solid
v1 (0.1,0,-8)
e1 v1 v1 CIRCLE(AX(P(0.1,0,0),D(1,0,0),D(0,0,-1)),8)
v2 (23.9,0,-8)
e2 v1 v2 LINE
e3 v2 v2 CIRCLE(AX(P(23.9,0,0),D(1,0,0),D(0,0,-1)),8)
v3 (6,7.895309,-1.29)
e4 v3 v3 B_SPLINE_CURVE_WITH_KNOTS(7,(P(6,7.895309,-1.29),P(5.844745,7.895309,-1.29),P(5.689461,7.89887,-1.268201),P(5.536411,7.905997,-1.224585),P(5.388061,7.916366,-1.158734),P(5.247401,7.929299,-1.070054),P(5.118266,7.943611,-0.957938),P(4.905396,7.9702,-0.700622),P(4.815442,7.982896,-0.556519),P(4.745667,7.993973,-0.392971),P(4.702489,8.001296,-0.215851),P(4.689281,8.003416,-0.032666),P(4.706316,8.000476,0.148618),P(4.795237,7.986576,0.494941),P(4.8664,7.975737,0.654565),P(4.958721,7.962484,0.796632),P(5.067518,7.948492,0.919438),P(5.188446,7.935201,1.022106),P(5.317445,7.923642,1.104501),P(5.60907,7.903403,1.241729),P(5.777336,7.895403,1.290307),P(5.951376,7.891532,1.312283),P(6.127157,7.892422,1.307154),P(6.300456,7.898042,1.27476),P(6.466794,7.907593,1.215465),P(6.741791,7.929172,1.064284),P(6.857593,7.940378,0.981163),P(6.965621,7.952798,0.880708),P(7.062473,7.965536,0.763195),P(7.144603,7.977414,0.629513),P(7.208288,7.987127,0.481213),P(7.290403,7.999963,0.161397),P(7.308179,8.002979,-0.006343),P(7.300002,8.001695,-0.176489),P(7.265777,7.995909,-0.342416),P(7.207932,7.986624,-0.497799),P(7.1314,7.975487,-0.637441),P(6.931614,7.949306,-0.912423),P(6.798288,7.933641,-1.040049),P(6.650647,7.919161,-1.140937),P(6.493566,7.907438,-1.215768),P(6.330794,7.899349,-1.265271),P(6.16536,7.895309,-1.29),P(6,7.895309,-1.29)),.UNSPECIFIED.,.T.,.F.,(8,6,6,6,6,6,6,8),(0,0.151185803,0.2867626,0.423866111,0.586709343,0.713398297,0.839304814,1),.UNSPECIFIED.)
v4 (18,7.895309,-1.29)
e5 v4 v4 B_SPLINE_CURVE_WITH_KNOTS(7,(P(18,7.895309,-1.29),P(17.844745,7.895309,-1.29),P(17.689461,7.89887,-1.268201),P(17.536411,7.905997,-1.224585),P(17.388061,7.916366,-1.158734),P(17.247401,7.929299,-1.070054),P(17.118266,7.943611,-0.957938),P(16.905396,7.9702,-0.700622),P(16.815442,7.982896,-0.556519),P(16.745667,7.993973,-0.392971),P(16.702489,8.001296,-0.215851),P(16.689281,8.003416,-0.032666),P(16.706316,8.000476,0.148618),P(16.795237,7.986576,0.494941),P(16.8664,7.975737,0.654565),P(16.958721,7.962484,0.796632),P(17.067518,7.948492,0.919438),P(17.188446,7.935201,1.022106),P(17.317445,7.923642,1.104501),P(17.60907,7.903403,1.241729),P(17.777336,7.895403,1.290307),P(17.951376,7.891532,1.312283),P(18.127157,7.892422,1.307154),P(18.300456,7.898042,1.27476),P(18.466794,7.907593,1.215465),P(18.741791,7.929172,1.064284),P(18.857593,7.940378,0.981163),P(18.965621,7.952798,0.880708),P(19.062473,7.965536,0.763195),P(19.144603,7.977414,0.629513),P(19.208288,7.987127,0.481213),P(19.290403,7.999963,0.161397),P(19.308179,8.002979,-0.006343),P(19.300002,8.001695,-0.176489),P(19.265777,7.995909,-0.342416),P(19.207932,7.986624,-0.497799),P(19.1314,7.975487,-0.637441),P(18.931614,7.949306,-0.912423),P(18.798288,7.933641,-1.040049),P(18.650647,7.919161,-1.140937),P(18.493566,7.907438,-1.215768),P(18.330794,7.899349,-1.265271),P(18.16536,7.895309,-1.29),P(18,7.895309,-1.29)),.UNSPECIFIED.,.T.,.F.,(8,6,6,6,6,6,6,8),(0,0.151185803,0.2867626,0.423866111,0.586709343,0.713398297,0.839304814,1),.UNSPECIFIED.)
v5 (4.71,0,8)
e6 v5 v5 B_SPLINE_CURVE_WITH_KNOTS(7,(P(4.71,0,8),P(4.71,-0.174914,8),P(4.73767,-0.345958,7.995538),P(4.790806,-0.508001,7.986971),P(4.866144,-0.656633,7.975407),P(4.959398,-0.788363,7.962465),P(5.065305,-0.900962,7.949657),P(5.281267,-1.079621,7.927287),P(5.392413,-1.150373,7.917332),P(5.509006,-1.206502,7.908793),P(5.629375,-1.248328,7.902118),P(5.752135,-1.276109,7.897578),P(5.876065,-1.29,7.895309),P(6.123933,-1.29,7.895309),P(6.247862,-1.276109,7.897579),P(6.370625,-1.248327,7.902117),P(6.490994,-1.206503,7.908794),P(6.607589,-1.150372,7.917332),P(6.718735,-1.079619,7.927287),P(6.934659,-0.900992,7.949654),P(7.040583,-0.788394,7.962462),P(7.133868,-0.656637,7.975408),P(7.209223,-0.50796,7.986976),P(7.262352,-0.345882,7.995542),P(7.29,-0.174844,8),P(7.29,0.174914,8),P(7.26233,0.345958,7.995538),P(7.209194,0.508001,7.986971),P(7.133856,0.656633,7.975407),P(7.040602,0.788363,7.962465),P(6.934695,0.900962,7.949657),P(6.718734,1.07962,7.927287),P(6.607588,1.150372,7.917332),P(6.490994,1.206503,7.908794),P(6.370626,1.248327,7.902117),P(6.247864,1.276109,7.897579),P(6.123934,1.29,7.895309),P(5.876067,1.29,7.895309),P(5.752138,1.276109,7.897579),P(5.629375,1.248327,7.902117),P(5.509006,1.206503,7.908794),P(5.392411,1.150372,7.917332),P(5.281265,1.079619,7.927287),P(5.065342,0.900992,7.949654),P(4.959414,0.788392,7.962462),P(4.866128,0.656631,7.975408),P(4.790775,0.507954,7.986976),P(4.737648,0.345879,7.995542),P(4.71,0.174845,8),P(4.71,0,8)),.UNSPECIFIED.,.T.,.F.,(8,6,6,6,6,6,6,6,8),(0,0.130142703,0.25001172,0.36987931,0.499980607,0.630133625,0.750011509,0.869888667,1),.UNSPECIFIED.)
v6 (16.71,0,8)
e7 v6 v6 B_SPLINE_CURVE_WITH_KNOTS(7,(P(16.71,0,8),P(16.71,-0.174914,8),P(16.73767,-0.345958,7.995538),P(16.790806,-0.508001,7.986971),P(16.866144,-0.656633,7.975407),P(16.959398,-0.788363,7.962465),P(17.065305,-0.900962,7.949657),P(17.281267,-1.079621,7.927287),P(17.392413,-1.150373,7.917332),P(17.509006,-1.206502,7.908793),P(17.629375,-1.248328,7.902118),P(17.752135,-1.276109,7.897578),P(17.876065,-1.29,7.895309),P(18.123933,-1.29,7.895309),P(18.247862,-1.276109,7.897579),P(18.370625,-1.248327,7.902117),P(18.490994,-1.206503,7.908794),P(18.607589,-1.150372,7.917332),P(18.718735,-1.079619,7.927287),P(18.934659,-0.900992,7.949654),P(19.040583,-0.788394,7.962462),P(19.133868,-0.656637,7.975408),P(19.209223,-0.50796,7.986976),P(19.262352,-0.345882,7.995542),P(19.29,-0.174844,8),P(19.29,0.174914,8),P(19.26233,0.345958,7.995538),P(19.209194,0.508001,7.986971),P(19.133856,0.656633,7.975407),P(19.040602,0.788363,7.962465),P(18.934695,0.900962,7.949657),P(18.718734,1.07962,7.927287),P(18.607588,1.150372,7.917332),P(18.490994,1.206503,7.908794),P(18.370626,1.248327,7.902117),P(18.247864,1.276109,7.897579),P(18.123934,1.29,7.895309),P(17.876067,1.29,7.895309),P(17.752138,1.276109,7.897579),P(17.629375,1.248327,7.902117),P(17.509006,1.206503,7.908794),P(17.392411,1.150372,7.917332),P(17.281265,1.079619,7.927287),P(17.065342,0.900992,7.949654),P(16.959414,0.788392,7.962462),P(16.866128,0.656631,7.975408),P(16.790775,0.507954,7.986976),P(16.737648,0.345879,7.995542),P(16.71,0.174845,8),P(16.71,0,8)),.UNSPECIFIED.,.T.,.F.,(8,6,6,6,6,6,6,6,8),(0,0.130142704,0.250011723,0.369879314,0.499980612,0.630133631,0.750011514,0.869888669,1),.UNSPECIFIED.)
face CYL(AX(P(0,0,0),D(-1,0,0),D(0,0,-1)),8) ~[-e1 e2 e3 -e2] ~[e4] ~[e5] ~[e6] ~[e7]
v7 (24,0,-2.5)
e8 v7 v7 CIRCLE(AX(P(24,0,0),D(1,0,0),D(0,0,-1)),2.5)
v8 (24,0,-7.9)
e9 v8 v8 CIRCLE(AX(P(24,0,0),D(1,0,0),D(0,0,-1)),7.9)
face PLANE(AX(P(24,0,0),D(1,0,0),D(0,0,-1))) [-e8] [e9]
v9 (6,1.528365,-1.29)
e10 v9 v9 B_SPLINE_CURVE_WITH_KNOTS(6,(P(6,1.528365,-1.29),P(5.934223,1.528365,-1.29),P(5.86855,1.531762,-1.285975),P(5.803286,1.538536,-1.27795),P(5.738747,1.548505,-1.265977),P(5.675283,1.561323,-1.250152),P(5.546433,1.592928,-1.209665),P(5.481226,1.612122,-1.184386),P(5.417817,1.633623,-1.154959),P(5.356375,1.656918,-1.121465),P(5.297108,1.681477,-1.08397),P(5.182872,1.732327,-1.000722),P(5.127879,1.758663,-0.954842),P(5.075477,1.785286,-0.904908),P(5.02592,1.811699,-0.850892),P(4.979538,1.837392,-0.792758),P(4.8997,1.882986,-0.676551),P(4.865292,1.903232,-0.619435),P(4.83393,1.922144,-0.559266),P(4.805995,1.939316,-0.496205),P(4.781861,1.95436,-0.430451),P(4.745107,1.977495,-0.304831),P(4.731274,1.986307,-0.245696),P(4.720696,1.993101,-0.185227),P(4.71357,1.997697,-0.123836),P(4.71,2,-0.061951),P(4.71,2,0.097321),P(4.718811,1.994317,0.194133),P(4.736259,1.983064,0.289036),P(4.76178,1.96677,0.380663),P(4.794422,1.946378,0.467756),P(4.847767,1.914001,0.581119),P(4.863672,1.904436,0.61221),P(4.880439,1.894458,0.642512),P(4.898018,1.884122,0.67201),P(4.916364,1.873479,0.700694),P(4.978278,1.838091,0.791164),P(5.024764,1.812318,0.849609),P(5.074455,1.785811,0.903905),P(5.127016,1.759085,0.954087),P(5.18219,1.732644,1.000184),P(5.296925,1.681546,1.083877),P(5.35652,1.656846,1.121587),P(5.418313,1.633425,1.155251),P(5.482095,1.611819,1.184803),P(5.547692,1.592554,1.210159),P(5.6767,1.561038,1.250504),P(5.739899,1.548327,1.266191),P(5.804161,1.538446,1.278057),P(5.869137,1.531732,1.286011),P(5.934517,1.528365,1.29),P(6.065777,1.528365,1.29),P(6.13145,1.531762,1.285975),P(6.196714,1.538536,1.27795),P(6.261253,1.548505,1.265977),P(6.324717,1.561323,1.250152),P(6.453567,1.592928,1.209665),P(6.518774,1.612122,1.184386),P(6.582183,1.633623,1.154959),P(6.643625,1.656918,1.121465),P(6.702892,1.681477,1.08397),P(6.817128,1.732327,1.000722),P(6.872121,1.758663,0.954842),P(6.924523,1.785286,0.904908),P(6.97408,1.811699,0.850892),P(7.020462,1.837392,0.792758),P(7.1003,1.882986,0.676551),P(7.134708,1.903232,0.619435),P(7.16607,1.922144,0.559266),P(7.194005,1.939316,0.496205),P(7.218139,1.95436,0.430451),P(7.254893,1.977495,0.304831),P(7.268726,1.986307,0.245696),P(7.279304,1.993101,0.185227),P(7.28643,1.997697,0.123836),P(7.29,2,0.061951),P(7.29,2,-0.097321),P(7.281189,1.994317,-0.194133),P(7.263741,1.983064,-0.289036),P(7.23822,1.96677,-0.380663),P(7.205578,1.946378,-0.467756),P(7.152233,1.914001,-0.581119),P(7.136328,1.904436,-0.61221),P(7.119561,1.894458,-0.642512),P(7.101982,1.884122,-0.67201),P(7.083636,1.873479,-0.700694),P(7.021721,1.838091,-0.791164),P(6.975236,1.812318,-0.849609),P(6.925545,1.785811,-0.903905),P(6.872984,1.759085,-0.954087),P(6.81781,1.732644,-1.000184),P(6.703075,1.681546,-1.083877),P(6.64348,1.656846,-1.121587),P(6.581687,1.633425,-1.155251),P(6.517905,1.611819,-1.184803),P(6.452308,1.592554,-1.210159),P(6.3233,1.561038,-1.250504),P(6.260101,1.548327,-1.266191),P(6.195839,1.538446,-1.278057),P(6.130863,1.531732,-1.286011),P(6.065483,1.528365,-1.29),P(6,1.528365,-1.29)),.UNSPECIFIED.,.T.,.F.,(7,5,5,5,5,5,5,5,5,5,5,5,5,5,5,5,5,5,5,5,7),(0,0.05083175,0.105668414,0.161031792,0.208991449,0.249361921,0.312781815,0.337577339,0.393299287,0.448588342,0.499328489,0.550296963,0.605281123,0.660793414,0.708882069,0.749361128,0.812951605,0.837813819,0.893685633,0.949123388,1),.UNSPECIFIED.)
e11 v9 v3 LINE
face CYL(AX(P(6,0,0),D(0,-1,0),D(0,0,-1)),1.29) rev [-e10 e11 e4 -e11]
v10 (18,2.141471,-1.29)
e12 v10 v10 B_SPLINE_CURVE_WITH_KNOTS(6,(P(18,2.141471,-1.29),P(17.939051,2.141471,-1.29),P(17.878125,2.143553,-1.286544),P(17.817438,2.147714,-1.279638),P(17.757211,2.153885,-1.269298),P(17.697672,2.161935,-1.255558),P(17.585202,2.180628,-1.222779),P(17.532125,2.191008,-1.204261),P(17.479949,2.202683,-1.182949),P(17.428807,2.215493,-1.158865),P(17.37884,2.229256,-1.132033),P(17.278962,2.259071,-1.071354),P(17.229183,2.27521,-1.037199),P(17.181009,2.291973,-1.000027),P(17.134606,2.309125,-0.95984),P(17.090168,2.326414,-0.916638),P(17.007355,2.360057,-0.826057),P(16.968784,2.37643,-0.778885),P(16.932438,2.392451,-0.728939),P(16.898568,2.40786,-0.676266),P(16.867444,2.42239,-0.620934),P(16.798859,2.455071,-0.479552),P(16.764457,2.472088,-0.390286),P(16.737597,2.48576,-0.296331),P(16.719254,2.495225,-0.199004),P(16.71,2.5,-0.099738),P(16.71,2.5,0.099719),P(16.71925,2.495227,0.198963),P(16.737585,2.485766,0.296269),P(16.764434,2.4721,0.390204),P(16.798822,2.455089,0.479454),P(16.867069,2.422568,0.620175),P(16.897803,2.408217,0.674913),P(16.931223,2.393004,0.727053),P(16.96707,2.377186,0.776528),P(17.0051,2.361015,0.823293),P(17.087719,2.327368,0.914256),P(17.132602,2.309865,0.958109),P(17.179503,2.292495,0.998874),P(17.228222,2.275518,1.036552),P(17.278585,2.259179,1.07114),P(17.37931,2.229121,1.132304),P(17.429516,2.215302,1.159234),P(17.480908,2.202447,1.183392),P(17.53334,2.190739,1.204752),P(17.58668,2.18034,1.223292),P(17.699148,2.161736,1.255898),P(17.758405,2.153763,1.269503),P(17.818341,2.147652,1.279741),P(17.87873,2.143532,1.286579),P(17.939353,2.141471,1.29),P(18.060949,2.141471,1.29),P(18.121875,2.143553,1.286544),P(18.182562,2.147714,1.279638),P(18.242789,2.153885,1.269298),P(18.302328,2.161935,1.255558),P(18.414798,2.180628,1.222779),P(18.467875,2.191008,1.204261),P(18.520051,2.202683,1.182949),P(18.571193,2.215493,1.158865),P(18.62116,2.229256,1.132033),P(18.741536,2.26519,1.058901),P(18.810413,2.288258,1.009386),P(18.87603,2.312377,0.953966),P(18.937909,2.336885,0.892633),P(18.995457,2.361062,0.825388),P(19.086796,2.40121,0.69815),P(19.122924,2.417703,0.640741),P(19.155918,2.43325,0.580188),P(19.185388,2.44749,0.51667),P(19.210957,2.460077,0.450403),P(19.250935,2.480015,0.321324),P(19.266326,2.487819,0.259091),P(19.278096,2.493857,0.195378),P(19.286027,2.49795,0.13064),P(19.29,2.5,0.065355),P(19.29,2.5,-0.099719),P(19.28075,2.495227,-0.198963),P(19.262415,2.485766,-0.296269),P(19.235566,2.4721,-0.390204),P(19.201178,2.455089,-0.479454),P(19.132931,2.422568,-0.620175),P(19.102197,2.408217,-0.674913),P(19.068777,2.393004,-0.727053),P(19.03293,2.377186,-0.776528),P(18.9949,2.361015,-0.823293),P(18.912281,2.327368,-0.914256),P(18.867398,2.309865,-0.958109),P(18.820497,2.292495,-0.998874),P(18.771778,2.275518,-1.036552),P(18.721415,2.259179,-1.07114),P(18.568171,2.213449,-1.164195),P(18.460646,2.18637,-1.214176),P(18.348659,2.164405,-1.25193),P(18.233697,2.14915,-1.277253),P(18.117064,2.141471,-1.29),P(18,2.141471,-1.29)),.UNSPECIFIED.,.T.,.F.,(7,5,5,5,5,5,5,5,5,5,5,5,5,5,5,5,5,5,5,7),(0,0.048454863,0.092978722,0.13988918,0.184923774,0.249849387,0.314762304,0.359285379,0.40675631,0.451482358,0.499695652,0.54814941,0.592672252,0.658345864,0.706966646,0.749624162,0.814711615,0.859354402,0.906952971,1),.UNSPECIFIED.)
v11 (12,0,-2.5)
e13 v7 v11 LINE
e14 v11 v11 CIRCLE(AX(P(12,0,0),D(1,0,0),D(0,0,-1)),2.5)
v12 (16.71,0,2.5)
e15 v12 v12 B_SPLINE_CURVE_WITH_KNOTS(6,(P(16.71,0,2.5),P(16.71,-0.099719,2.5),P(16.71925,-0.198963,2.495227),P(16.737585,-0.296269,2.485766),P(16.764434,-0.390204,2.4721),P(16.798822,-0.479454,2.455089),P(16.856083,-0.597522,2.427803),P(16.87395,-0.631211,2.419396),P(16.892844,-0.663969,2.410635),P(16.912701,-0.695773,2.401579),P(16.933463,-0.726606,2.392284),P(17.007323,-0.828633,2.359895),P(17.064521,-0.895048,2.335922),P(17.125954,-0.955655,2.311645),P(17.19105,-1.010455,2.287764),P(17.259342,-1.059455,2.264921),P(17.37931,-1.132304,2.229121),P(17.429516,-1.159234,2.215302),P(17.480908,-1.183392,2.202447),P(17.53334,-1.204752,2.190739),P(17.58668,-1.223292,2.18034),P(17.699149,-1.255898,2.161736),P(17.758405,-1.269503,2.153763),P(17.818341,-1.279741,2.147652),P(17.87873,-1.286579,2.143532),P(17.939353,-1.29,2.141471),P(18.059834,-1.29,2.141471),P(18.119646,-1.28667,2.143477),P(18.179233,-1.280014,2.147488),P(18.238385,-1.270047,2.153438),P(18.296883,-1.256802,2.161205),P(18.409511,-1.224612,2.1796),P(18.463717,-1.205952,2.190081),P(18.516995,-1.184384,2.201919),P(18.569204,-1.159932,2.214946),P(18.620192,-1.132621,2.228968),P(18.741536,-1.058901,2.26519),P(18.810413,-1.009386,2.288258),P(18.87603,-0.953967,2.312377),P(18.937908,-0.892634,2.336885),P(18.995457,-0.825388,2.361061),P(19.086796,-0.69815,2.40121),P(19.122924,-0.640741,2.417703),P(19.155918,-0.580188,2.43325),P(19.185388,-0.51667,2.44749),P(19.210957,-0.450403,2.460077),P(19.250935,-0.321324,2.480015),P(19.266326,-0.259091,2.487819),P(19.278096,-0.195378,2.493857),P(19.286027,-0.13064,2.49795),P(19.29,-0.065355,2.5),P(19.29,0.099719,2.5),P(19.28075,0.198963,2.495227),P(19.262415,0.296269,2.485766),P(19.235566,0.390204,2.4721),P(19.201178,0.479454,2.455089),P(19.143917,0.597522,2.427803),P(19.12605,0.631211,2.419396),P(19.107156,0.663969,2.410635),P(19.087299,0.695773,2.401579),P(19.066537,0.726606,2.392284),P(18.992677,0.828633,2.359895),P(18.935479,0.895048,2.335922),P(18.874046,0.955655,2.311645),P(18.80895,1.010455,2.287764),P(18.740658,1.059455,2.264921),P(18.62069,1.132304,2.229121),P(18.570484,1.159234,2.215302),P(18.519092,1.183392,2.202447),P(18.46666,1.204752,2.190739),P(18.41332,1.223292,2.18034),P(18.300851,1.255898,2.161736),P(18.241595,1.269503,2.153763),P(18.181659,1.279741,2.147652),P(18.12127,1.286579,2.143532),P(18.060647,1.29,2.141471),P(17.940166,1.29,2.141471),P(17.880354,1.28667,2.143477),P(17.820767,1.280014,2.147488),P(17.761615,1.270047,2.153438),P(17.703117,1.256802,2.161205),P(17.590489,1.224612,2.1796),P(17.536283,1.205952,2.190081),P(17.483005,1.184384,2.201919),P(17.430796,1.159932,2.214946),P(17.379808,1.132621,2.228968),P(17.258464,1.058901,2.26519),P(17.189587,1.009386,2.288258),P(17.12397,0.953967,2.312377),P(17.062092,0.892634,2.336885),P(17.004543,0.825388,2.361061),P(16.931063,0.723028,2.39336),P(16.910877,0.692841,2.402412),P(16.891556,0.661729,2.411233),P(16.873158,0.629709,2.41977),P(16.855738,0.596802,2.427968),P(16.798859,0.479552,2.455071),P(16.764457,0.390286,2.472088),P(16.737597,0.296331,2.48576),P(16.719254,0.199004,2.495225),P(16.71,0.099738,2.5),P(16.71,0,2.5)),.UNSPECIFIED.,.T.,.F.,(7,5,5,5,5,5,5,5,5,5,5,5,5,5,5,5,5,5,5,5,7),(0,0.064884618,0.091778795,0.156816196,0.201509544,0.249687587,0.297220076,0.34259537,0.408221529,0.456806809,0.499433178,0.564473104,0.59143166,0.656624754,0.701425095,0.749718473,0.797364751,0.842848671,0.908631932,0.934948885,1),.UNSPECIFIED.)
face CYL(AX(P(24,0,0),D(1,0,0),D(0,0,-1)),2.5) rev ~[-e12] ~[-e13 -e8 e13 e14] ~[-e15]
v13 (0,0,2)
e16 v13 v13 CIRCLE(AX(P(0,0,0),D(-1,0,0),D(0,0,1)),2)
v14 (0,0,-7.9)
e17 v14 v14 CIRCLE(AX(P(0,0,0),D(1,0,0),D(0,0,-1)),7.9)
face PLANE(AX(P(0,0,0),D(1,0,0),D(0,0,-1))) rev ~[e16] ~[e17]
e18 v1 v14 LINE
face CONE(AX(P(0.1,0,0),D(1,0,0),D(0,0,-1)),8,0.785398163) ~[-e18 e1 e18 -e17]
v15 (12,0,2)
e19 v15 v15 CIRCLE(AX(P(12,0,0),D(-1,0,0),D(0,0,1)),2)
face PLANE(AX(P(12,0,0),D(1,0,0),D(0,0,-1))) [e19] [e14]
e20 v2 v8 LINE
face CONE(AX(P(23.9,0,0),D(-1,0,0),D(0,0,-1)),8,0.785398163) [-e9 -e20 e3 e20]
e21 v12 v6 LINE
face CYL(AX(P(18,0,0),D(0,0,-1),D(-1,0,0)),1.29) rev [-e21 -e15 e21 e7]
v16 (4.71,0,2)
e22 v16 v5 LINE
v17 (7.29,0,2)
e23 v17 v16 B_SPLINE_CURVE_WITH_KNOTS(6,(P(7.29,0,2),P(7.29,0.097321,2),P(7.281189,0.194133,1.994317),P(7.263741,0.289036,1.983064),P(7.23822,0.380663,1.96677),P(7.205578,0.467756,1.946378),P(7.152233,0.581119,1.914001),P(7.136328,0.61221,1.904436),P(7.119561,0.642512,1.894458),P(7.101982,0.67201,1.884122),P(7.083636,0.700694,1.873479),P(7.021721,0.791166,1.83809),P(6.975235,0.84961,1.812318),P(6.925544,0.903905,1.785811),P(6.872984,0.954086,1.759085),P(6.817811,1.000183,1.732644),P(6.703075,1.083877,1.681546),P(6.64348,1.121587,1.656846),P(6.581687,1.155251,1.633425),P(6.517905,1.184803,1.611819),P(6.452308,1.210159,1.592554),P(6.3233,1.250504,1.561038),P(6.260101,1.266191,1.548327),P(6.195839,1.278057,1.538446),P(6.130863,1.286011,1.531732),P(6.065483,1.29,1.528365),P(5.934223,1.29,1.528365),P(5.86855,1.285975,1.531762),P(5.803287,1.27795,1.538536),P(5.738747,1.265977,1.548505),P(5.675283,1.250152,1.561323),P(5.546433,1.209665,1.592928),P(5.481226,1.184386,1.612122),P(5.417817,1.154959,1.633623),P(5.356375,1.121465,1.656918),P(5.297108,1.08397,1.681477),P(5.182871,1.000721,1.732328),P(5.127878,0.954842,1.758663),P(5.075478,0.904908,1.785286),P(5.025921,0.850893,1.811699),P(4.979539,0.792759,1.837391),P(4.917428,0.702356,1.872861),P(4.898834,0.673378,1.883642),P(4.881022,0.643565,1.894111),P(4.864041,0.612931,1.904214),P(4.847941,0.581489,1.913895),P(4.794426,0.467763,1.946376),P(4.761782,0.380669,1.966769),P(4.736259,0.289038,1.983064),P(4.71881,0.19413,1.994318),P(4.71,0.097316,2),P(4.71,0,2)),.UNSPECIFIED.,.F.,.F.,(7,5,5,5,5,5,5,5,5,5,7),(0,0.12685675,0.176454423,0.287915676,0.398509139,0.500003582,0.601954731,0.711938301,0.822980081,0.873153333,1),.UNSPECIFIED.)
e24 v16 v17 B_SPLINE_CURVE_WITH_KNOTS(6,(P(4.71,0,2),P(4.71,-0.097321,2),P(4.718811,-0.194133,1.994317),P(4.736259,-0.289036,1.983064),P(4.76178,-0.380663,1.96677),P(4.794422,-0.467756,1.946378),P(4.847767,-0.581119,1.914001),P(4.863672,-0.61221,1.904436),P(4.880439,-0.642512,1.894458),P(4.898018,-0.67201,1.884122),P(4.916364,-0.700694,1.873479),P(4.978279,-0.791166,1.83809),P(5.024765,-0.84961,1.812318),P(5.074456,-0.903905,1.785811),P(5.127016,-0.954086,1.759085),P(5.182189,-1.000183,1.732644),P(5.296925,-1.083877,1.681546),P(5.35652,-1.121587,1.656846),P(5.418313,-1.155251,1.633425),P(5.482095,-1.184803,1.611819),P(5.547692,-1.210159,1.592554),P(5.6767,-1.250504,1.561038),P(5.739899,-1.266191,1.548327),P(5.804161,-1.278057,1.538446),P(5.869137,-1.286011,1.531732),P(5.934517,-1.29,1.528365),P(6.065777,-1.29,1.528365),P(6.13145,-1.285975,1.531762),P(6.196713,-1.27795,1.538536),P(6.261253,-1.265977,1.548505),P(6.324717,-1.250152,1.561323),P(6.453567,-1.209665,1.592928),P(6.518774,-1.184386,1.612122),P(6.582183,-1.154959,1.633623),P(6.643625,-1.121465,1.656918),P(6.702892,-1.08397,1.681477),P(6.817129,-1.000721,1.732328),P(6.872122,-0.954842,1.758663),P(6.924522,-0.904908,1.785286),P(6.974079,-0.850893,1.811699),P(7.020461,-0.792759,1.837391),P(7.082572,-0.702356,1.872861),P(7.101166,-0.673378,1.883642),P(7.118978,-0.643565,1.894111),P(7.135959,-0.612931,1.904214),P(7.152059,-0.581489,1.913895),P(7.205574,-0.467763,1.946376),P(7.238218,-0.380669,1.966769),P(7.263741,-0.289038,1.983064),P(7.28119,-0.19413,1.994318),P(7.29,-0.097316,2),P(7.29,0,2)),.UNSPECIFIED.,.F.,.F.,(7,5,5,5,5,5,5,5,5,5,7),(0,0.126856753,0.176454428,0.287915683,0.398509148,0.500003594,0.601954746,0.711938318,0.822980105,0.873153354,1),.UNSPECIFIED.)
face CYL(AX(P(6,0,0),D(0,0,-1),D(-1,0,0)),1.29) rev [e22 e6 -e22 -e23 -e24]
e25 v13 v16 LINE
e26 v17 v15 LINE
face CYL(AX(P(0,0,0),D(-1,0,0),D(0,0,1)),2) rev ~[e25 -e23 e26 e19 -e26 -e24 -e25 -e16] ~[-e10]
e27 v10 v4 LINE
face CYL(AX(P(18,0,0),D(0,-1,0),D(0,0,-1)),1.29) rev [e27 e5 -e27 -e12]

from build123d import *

# Parameters (mm, degrees)
SKETCH_1_R               = 8
EXTRUDE_1_DEPTH          = 24
SKETCH_2_R               = 2
CUT_EXTRUDE_1_DEPTH      = 12
SKETCH_3_R               = 2.5
CUT_EXTRUDE_2_DEPTH      = 12
CUT_EXTRUDE_3_REACH      = 28.533
CUT_EXTRUDE_3_END_RADIUS = 8
SKETCH_4_R               = 1.29
CUT_EXTRUDE_4_REACH      = 28.533
CUT_EXTRUDE_4_END_RADIUS = 8
SKETCH_5_R               = 1.29
CHAMFER_1_SIZE           = 0.1


with BuildPart() as part:
    # 草图1 → 凸台-拉伸1 (new body)
    with BuildSketch(Plane(origin=(0, 0, 0), x_dir=(0, 0, -1), z_dir=(1, 0, 0))):
        Circle(SKETCH_1_R)
    extrude(amount=EXTRUDE_1_DEPTH)

    # 草图2 → 切除-拉伸1 (cut)
    with BuildSketch(Plane.ZY):
        Circle(SKETCH_2_R)
    extrude(amount=-CUT_EXTRUDE_1_DEPTH, mode=Mode.SUBTRACT)

    # 草图3 → 切除-拉伸2 (cut)
    with BuildSketch(Plane(origin=(24, 0, 0), x_dir=(0, 0, -1), z_dir=(1, 0, 0))):
        Circle(SKETCH_3_R)
    extrude(amount=-CUT_EXTRUDE_2_DEPTH, mode=Mode.SUBTRACT)

    # 切除-拉伸3: up to this cylinder (the profile starts inside it)
    cut_extrude_3_end = Plane(origin=(12, 0, 0), z_dir=(-1, 0, 0)) * Cylinder(CUT_EXTRUDE_3_END_RADIUS, 86.066, mode=Mode.PRIVATE)
    # 草图4 → 切除-拉伸3 (cut, up to the surface)
    with BuildSketch(Plane(origin=(0, 0, 0), x_dir=(1, 0, 0), z_dir=(0, 1, 0)), mode=Mode.PRIVATE) as cut_extrude_3_sk1:
        with Locations(Location((6, 0, 0), (0, 0, 90))):
            Circle(SKETCH_4_R)
    cut_extrude_3_tool1 = extrude(cut_extrude_3_sk1.sketch, amount=CUT_EXTRUDE_3_REACH, mode=Mode.PRIVATE) & cut_extrude_3_end
    add(cut_extrude_3_tool1.solids().sort_by_distance((6, 0, 0))[0], mode=Mode.SUBTRACT)
    # 草图4 → 切除-拉伸3 (cut, up to the surface)
    with BuildSketch(Plane(origin=(0, 0, 0), x_dir=(1, 0, 0), z_dir=(0, 1, 0)), mode=Mode.PRIVATE) as cut_extrude_3_sk2:
        with Locations(Location((18, 0, 0), (0, 0, 90))):
            Circle(SKETCH_4_R)
    cut_extrude_3_tool2 = extrude(cut_extrude_3_sk2.sketch, amount=CUT_EXTRUDE_3_REACH, mode=Mode.PRIVATE) & cut_extrude_3_end
    add(cut_extrude_3_tool2.solids().sort_by_distance((18, 0, 0))[0], mode=Mode.SUBTRACT)

    # 切除-拉伸4: up to this cylinder (the profile starts inside it)
    cut_extrude_4_end = Plane(origin=(12, 0, 0), z_dir=(-1, 0, 0)) * Cylinder(CUT_EXTRUDE_4_END_RADIUS, 86.066, mode=Mode.PRIVATE)
    # 草图5 → 切除-拉伸4 (cut, up to the surface)
    with BuildSketch(Plane.XY, mode=Mode.PRIVATE) as cut_extrude_4_sk1:
        with Locations(Location((18, 0, 0), (0, 0, 180))):
            Circle(SKETCH_5_R)
    cut_extrude_4_tool1 = extrude(cut_extrude_4_sk1.sketch, amount=CUT_EXTRUDE_4_REACH, mode=Mode.PRIVATE) & cut_extrude_4_end
    add(cut_extrude_4_tool1.solids().sort_by_distance((18, 0, 0))[0], mode=Mode.SUBTRACT)
    # 草图5 → 切除-拉伸4 (cut, up to the surface)
    with BuildSketch(Plane.XY, mode=Mode.PRIVATE) as cut_extrude_4_sk2:
        with Locations(Location((6, 0, 0), (0, 0, 180))):
            Circle(SKETCH_5_R)
    cut_extrude_4_tool2 = extrude(cut_extrude_4_sk2.sketch, amount=CUT_EXTRUDE_4_REACH, mode=Mode.PRIVATE) & cut_extrude_4_end
    add(cut_extrude_4_tool2.solids().sort_by_distance((6, 0, 0))[0], mode=Mode.SUBTRACT)

    # 倒角1
    chamfer_1_edges = [part.edges().sort_by_distance(p)[0] for p in [
        (0, 0, 8),
        (24, 0, 8),
    ]]
    chamfer(chamfer_1_edges, length=CHAMFER_1_SIZE)


solid = part.part
